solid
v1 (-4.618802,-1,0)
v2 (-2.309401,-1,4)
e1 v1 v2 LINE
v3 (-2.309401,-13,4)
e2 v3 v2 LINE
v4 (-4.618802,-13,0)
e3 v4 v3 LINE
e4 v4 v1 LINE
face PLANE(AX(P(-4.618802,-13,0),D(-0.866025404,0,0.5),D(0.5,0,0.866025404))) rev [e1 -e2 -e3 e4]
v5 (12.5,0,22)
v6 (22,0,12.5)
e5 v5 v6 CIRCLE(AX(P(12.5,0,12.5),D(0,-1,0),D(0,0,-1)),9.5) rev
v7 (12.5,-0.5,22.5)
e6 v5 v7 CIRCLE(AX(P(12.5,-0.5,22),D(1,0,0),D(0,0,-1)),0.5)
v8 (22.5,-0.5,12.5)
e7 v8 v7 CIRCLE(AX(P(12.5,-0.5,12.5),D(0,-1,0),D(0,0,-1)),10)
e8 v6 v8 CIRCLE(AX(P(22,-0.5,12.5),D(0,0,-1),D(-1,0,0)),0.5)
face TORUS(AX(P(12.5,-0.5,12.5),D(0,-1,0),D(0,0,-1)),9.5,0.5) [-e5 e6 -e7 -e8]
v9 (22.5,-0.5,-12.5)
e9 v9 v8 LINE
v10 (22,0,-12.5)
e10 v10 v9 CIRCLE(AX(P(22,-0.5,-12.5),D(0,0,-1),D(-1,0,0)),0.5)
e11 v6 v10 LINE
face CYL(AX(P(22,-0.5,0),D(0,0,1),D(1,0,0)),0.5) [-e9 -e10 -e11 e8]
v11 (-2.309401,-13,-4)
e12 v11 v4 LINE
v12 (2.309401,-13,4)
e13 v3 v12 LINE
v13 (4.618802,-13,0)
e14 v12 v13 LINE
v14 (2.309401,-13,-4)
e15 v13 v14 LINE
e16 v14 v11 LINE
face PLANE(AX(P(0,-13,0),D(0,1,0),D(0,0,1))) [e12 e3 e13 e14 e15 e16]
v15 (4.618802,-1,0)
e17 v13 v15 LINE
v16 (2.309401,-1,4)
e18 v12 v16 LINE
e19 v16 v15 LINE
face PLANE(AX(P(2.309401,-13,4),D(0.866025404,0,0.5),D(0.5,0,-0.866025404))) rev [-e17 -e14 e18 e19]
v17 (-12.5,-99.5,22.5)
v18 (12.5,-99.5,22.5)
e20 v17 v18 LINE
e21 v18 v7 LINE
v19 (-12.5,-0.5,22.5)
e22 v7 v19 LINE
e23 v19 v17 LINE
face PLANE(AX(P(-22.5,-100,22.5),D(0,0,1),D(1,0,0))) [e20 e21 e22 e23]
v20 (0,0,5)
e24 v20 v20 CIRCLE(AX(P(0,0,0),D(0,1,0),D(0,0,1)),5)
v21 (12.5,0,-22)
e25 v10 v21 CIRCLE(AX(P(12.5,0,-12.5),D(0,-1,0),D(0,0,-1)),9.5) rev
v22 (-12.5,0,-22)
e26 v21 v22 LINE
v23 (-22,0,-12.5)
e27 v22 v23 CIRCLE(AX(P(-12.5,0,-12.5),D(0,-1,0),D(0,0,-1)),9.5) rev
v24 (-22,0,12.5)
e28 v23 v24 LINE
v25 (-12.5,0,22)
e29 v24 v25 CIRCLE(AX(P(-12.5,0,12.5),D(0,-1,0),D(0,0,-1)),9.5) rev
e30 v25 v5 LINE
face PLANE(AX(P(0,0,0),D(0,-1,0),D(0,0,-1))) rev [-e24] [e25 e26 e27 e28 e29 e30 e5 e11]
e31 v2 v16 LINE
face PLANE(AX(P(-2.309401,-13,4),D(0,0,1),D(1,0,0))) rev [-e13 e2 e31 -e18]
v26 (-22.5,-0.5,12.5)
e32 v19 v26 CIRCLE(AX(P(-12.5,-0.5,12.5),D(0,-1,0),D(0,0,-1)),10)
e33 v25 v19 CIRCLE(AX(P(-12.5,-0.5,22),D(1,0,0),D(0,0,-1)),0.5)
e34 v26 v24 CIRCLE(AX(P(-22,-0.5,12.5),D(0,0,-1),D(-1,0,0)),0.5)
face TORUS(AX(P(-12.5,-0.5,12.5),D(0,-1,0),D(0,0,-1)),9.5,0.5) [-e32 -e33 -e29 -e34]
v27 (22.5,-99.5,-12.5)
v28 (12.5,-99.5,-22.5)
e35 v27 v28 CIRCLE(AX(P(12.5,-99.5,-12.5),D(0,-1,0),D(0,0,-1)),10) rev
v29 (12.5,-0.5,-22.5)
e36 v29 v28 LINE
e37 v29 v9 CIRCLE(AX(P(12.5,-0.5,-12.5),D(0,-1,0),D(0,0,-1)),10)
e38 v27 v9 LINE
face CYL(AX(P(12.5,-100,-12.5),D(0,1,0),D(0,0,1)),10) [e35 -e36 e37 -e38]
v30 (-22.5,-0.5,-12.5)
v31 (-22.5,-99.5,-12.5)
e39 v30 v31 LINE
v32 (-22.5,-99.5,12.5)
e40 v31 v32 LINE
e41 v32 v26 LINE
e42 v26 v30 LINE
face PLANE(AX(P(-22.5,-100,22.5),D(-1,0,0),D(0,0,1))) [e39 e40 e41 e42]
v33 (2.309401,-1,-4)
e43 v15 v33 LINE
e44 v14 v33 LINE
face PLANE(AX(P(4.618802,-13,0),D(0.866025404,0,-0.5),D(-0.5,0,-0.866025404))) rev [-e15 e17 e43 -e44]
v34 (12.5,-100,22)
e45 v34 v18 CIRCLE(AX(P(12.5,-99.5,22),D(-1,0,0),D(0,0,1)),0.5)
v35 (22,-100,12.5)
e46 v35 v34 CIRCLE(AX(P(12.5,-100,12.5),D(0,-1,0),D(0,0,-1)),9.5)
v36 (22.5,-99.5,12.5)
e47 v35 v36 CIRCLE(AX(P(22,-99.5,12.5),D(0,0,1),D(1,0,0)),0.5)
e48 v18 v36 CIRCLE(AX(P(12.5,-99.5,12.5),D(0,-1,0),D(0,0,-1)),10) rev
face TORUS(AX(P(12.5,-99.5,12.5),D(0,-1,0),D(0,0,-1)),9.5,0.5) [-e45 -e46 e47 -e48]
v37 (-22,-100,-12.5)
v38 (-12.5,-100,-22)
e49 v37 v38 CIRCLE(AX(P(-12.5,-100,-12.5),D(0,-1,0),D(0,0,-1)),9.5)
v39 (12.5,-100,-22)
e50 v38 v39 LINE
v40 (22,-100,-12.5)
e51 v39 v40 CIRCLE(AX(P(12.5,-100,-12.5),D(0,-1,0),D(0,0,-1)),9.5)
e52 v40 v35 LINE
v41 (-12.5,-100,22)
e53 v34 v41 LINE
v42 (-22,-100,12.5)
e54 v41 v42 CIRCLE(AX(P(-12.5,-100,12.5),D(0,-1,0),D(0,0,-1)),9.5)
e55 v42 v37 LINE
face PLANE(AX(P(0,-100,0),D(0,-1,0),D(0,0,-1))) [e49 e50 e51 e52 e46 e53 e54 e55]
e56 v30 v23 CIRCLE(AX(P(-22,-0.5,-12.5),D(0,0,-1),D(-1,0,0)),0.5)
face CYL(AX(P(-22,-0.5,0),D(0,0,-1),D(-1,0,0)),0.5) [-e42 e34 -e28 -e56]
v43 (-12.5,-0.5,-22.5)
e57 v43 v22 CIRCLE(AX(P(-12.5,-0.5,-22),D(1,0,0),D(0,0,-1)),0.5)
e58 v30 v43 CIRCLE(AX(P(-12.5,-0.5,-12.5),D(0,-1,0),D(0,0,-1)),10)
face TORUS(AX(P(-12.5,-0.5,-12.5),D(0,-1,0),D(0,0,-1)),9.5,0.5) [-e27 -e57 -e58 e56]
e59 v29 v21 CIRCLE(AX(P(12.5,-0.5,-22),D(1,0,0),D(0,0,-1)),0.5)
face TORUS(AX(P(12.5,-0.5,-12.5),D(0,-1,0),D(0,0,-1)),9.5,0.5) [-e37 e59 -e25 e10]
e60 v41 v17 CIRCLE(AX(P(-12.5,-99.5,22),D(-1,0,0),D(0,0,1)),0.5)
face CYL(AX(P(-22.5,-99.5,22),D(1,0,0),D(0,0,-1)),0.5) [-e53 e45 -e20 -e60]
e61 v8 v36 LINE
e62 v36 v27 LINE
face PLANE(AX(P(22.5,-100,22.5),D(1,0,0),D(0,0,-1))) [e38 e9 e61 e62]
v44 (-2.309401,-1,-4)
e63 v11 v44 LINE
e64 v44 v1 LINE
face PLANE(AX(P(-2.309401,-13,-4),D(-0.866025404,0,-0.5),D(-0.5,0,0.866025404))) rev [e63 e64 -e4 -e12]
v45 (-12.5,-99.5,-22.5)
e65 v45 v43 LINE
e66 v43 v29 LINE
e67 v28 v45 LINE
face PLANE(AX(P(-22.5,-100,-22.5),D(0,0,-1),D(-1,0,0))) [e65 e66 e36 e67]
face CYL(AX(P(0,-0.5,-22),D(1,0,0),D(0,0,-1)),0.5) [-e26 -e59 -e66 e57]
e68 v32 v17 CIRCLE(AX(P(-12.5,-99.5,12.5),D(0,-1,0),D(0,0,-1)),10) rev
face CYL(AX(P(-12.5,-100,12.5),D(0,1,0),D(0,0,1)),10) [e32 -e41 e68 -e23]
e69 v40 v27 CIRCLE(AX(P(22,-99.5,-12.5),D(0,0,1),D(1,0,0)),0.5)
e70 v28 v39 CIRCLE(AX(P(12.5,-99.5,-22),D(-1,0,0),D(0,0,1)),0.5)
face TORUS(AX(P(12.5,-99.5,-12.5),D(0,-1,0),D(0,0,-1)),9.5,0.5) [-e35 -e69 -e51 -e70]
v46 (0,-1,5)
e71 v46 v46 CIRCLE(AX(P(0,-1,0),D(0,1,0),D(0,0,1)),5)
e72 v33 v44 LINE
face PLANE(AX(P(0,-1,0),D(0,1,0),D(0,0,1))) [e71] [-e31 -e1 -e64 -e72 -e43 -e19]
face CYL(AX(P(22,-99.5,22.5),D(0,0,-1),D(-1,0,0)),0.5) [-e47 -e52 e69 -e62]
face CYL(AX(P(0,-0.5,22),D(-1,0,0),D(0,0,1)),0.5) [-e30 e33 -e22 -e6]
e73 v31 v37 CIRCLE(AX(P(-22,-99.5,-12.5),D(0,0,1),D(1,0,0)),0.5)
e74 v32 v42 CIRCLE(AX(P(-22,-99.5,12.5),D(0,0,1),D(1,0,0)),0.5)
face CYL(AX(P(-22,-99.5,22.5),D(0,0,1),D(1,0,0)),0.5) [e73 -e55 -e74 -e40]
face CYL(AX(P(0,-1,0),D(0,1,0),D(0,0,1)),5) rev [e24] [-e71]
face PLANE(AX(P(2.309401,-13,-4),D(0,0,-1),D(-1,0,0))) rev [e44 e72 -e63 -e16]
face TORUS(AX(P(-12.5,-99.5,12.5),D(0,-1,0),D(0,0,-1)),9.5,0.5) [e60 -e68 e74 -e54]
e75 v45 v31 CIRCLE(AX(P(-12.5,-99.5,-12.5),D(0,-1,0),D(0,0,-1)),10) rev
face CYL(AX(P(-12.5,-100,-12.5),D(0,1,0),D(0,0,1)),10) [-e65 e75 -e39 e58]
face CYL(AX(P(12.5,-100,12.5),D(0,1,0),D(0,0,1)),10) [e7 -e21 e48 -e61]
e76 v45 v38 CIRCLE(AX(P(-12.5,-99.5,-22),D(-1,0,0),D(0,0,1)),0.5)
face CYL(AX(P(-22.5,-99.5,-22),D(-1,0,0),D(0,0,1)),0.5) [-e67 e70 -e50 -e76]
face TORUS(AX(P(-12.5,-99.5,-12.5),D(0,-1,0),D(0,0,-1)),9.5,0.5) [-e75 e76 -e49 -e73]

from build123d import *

# Parameters (mm, degrees)
SKETCH_1_W          = 45
SKETCH_1_H          = 45
EXTRUDE_1_DEPTH     = 100
FILLET_1_R          = 10
FILLET_2_R          = 0.5
SKETCH_2_R          = 5
CUT_EXTRUDE_1_DEPTH = 1
CUT_EXTRUDE_2_DEPTH = 12


with BuildPart() as part:
    # 草图1 → 凸台-拉伸1 (new body)
    with BuildSketch(Plane(origin=(0, 0, 0), x_dir=(1, 0, 0), z_dir=(0, 1, 0))):
        Rectangle(SKETCH_1_W, SKETCH_1_H)
    extrude(amount=-EXTRUDE_1_DEPTH)

    # 圆角1
    fillet_1_edges = [part.edges().sort_by_distance(p)[0] for p in [
        (22.5, -50, 22.5),
        (-22.5, -50, 22.5),
        (-22.5, -50, -22.5),
        (22.5, -50, -22.5),
    ]]
    fillet(fillet_1_edges, radius=FILLET_1_R)

    # 圆角2
    fillet_2_edges = [part.edges().sort_by_distance(p)[0] for p in [
        (0, 0, -22.5),
        (0, -100, -22.5),
        (22.5, 0, 0),
        (-22.5, 0, 0),
        (0, 0, 22.5),
        (-19.571067812, 0, 19.571067812),
        (19.571067812, 0, 19.571067812),
        (19.571067812, 0, -19.571067812),
        (-19.571067812, 0, -19.571067812),
        (-22.5, -100, 0),
        (22.5, -100, 0),
        (0, -100, 22.5),
        (-19.571067812, -100, 19.571067812),
        (19.571067812, -100, 19.571067812),
        (19.571067812, -100, -19.571067812),
        (-19.571067812, -100, -19.571067812),
    ]]
    fillet(fillet_2_edges, radius=FILLET_2_R)

    # 草图2 → 切除-拉伸1 (cut)
    with BuildSketch(Plane(origin=(0, 0, 0), x_dir=(1, 0, 0), z_dir=(0, 1, 0))):
        with Locations(Location((0, 0, 0), (0, 0, 270))):
            Circle(SKETCH_2_R)
    extrude(amount=-CUT_EXTRUDE_1_DEPTH, mode=Mode.SUBTRACT)

    # 草图3 → 切除-拉伸2 (cut)
    with BuildSketch(Plane(origin=(0, -1, 0), x_dir=(1, 0, 0), z_dir=(0, 1, 0))):
        Polygon((4.618802154, 0), (2.309401077, 4), (-2.309401077, 4), (-4.618802154, 0), (-2.309401077, -4), (2.309401077, -4), align=None)
    extrude(amount=-CUT_EXTRUDE_2_DEPTH, mode=Mode.SUBTRACT)


solid = part.part
